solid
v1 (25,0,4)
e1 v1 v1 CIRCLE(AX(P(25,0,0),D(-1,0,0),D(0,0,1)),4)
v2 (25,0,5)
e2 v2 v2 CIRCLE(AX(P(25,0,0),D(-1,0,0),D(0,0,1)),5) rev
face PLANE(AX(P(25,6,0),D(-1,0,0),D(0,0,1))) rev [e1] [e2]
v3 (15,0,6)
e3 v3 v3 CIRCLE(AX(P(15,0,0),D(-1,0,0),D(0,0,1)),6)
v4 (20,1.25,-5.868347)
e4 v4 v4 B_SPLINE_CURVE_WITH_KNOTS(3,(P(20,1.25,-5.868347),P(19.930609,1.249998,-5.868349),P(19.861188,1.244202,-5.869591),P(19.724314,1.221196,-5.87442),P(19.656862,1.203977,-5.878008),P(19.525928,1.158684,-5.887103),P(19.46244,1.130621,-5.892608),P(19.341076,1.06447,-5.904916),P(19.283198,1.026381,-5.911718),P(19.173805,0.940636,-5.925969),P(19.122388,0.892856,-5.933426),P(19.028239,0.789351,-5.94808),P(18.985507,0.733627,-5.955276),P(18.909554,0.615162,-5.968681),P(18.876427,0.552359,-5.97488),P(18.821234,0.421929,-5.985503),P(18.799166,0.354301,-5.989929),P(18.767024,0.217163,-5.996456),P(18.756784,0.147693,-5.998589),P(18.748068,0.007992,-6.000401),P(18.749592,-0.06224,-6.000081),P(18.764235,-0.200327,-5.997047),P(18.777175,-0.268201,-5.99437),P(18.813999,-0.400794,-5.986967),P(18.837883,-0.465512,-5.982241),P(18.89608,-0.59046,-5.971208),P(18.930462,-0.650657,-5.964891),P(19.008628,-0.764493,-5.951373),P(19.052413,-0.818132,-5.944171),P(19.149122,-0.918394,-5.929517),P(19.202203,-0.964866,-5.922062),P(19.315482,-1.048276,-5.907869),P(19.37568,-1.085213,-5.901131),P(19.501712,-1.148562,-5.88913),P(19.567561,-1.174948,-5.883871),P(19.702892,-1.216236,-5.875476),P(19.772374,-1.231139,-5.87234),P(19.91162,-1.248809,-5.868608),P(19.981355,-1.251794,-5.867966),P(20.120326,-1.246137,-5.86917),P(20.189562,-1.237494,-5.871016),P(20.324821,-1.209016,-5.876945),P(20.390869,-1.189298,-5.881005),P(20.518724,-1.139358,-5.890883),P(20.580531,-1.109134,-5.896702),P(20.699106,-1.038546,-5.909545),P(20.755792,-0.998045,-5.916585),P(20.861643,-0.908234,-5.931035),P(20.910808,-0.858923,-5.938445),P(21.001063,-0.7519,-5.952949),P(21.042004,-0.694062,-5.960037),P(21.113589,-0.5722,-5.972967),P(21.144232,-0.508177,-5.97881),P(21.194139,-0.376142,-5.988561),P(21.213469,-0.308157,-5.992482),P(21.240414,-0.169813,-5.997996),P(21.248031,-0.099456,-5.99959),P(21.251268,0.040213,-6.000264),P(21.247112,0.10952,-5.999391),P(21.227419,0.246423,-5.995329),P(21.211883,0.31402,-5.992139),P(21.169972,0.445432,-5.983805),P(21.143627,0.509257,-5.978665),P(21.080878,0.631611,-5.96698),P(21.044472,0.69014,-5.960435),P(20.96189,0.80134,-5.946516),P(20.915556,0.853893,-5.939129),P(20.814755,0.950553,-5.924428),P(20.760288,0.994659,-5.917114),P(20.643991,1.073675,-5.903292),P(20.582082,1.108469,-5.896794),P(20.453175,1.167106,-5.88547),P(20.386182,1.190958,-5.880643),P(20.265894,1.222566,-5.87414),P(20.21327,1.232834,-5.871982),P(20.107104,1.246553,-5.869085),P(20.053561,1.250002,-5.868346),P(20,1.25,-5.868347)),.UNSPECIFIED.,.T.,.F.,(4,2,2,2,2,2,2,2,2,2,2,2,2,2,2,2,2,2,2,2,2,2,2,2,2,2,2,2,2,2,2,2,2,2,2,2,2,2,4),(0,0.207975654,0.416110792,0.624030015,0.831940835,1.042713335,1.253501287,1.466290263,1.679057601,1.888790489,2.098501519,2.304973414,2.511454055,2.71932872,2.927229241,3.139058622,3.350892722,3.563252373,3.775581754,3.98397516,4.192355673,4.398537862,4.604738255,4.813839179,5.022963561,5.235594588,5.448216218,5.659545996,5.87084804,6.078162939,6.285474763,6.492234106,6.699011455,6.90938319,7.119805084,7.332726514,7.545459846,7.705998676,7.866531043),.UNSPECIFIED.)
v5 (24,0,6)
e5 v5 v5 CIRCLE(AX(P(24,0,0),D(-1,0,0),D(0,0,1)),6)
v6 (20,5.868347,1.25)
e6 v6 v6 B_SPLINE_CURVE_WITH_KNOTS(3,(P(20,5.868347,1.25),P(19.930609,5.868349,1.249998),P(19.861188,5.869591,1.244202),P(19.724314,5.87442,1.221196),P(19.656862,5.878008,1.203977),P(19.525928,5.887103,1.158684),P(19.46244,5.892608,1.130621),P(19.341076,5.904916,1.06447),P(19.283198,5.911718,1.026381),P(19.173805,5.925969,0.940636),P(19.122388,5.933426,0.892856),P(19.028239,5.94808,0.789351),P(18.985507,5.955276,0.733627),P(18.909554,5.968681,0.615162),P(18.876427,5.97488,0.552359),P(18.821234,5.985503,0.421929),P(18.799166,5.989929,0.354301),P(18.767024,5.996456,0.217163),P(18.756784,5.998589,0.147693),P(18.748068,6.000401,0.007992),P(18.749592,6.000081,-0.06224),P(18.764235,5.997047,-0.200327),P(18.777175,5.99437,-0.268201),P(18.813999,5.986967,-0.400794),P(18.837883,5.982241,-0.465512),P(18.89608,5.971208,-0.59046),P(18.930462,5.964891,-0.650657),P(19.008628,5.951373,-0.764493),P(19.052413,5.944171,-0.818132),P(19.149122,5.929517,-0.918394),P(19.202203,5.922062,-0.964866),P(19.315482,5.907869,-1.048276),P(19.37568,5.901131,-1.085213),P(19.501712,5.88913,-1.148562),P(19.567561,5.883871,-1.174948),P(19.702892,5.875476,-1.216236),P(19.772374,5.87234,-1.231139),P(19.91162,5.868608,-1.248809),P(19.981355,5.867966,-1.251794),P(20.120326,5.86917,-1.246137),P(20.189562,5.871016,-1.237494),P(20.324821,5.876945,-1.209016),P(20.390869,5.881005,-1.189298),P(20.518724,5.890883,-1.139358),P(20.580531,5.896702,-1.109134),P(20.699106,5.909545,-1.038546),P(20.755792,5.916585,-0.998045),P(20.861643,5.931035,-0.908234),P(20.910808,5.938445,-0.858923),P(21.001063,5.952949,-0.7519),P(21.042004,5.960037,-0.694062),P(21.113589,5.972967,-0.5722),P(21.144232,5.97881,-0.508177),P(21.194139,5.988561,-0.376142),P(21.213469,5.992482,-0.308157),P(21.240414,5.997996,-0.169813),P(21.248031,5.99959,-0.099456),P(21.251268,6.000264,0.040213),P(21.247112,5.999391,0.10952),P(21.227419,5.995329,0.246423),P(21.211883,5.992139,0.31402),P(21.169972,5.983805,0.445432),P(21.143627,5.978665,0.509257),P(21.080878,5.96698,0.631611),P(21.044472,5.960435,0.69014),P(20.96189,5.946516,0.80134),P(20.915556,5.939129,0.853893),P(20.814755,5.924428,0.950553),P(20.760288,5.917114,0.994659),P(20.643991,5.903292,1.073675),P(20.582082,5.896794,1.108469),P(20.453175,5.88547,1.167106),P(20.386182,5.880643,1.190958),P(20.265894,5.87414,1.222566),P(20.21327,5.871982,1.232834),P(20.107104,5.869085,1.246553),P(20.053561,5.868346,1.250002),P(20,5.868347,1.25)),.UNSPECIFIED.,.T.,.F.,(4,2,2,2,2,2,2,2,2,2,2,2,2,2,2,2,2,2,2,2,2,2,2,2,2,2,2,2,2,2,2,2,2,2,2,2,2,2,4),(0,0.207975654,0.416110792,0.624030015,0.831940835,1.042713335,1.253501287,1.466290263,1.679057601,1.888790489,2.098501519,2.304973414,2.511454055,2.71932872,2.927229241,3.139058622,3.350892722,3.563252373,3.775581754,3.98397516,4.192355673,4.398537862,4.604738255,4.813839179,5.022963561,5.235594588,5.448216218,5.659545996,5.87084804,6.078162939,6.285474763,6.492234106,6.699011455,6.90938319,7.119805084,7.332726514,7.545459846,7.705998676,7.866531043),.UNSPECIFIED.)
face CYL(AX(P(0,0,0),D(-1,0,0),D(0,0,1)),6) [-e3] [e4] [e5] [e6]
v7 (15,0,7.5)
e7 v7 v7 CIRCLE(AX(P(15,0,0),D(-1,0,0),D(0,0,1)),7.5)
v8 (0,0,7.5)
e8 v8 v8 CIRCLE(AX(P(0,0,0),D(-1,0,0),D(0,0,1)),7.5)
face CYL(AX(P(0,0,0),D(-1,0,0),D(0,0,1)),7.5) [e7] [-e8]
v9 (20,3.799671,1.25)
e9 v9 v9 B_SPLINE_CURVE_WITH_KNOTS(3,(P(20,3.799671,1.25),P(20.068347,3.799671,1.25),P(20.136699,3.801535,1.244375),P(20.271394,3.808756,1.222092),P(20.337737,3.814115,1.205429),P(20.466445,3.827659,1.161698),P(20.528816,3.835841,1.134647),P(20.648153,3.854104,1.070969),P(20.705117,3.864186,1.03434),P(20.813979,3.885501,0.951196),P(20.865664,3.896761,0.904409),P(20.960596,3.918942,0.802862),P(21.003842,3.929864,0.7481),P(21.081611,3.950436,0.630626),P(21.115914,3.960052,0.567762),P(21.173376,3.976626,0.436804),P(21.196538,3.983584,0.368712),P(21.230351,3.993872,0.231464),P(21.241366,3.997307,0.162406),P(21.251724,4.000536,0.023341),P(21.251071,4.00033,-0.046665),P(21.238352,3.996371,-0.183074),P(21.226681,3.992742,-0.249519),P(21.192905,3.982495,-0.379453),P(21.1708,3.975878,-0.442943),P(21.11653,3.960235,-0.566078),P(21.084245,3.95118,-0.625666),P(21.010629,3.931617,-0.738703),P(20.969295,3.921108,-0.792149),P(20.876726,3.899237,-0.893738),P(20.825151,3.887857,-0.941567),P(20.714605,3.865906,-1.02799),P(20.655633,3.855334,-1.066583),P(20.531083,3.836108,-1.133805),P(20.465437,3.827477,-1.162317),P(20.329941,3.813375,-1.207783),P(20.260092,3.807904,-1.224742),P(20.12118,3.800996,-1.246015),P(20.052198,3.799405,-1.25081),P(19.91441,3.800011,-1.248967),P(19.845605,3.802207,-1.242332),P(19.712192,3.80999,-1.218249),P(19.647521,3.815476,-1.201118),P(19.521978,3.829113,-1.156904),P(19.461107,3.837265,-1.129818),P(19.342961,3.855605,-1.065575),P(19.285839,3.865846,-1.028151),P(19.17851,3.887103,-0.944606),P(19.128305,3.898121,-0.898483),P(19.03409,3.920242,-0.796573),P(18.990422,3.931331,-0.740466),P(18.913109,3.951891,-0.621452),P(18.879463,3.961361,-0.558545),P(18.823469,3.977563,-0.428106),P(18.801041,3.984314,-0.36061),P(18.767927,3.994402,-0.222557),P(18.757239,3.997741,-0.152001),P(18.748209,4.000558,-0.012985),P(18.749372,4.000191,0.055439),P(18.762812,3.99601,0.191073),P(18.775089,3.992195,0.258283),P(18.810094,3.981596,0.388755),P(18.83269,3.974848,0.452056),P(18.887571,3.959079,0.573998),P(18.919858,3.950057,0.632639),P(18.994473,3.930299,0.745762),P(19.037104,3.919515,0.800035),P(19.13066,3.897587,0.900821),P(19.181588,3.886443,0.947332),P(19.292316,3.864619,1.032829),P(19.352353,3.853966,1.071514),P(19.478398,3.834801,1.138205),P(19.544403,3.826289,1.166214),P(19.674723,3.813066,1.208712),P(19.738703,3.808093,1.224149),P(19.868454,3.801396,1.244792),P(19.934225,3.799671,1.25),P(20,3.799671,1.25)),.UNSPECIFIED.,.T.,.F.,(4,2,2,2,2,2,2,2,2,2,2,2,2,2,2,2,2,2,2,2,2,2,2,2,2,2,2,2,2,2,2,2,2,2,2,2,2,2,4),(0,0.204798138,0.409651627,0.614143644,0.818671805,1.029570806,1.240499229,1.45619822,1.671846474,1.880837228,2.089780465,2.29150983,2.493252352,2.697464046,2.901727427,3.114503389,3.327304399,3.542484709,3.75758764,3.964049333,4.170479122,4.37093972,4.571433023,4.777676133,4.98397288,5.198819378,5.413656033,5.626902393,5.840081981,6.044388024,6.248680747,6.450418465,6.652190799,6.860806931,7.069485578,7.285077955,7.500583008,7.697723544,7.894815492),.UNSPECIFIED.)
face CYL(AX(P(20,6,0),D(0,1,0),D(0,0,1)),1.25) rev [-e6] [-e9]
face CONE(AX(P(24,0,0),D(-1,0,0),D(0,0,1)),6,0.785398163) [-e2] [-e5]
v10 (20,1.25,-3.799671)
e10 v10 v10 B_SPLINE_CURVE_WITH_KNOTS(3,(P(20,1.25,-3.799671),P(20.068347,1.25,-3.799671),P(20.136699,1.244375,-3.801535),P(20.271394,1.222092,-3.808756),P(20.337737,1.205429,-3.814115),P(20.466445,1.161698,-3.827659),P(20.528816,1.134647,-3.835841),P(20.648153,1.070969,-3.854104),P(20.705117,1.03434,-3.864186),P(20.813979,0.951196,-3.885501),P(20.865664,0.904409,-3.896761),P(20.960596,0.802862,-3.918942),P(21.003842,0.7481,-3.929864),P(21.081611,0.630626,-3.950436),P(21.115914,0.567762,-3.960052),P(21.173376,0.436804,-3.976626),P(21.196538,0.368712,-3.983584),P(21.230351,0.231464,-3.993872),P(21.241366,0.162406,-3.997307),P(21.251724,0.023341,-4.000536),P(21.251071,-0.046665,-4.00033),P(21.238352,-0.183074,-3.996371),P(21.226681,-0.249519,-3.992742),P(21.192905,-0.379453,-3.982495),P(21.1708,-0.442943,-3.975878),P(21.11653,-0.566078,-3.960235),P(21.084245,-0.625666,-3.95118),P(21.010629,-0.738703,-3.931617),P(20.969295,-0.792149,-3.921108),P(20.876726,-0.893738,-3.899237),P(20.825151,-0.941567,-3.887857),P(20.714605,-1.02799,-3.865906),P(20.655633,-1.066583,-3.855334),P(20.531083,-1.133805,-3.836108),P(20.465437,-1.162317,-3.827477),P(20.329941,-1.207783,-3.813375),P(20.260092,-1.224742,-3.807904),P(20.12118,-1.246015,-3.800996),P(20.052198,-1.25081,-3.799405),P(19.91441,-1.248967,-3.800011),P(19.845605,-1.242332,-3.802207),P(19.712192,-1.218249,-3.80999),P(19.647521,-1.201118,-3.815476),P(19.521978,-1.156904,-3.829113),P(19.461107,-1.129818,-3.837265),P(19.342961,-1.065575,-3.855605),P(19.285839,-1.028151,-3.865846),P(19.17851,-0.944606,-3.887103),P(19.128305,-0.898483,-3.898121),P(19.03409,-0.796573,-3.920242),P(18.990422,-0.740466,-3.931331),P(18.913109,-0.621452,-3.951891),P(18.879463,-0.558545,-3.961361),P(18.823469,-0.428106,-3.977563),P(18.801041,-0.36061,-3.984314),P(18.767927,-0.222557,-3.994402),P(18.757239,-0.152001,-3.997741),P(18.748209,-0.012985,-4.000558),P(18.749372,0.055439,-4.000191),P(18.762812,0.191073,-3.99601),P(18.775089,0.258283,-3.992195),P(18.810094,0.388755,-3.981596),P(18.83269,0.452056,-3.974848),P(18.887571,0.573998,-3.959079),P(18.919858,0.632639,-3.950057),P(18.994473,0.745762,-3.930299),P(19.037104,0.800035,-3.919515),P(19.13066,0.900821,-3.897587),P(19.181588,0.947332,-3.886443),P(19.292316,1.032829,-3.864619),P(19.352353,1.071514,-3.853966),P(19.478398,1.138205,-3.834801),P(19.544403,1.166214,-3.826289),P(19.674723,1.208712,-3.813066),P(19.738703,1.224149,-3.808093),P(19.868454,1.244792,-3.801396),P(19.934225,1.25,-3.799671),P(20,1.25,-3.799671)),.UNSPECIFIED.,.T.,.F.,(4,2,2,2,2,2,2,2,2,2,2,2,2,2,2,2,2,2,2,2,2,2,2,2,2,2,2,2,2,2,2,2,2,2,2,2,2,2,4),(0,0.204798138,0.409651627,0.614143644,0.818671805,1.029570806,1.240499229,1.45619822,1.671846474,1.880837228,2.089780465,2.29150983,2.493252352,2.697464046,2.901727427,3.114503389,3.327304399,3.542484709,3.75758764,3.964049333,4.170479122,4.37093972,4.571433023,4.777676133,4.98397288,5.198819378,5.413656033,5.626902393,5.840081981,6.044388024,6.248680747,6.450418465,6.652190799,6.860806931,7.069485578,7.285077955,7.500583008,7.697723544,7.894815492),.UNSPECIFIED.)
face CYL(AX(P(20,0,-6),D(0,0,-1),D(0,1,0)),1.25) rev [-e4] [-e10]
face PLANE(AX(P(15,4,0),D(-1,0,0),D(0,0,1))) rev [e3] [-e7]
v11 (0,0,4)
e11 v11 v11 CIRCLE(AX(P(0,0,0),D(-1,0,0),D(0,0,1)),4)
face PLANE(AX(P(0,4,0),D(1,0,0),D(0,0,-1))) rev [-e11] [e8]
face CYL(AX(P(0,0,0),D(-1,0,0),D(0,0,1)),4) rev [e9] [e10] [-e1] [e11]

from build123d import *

# Parameters (mm, degrees)
SKETCH1_W           = 25
SKETCH1_H           = 2
SKETCH2_W           = 15
SKETCH2_H           = 3.5
TAPPED_HOLE1_REACH  = 31.385
TAPPED_HOLE1_BORE_R = 1.25
CIRPATTERN1_COUNT   = 2
CIRPATTERN1_ANGLE   = 90
CHAMFER1_SIZE       = 1


with BuildPart() as part:
    # Sketch1 → Revolve1 (revolve)
    with BuildSketch(Plane.XY, mode=Mode.PRIVATE) as revolve1_sk:
        with Locations((12.5, 5)):
            Rectangle(SKETCH1_W, SKETCH1_H)
    revolve(revolve1_sk.sketch.rotate(Axis((0, 0, 0), (1, 0, 0)), 90), axis=Axis((0, 0, 0), (1, 0, 0)))

    # Sketch2 → Revolve2 (revolve)
    with BuildSketch(Plane.XY, mode=Mode.PRIVATE) as revolve2_sk:
        with Locations((7.5, 5.75)):
            Rectangle(SKETCH2_W, SKETCH2_H)
    revolve(revolve2_sk.sketch.rotate(Axis((0, 0, 0), (1, 0, 0)), 90), axis=Axis((0, 0, 0), (1, 0, 0)))

    # Tapped Hole1 bore → Tapped Hole1 (cut, up to next)
    with BuildSketch(Plane(origin=(0, 6, 0), x_dir=(1, 0, 0), z_dir=(0, 1, 0)), mode=Mode.PRIVATE) as tapped_hole1_sk1:
        with Locations((20, 0)):
            Circle(TAPPED_HOLE1_BORE_R)
    tapped_hole1_tool1 = extrude(tapped_hole1_sk1.sketch, amount=-TAPPED_HOLE1_REACH, mode=Mode.PRIVATE) & part.part
    tapped_hole1 = tapped_hole1_tool1.solids().sort_by_distance((20, 6, 0))[0]
    add(tapped_hole1, mode=Mode.SUBTRACT)

    # CirPattern1: Tapped Hole1 ×2 about axis
    cirpattern1_axis = Axis((0, 0, 0), (-1, 0, 0))
    for i in range(1, CIRPATTERN1_COUNT):
        add(tapped_hole1.rotate(cirpattern1_axis, i * CIRPATTERN1_ANGLE / (CIRPATTERN1_COUNT - 1)), mode=Mode.SUBTRACT)

    # Chamfer1
    chamfer1_edges = [part.edges().sort_by_distance(p)[0] for p in [
        (25, 0, -6),
    ]]
    chamfer(chamfer1_edges, length=CHAMFER1_SIZE)


solid = part.part
